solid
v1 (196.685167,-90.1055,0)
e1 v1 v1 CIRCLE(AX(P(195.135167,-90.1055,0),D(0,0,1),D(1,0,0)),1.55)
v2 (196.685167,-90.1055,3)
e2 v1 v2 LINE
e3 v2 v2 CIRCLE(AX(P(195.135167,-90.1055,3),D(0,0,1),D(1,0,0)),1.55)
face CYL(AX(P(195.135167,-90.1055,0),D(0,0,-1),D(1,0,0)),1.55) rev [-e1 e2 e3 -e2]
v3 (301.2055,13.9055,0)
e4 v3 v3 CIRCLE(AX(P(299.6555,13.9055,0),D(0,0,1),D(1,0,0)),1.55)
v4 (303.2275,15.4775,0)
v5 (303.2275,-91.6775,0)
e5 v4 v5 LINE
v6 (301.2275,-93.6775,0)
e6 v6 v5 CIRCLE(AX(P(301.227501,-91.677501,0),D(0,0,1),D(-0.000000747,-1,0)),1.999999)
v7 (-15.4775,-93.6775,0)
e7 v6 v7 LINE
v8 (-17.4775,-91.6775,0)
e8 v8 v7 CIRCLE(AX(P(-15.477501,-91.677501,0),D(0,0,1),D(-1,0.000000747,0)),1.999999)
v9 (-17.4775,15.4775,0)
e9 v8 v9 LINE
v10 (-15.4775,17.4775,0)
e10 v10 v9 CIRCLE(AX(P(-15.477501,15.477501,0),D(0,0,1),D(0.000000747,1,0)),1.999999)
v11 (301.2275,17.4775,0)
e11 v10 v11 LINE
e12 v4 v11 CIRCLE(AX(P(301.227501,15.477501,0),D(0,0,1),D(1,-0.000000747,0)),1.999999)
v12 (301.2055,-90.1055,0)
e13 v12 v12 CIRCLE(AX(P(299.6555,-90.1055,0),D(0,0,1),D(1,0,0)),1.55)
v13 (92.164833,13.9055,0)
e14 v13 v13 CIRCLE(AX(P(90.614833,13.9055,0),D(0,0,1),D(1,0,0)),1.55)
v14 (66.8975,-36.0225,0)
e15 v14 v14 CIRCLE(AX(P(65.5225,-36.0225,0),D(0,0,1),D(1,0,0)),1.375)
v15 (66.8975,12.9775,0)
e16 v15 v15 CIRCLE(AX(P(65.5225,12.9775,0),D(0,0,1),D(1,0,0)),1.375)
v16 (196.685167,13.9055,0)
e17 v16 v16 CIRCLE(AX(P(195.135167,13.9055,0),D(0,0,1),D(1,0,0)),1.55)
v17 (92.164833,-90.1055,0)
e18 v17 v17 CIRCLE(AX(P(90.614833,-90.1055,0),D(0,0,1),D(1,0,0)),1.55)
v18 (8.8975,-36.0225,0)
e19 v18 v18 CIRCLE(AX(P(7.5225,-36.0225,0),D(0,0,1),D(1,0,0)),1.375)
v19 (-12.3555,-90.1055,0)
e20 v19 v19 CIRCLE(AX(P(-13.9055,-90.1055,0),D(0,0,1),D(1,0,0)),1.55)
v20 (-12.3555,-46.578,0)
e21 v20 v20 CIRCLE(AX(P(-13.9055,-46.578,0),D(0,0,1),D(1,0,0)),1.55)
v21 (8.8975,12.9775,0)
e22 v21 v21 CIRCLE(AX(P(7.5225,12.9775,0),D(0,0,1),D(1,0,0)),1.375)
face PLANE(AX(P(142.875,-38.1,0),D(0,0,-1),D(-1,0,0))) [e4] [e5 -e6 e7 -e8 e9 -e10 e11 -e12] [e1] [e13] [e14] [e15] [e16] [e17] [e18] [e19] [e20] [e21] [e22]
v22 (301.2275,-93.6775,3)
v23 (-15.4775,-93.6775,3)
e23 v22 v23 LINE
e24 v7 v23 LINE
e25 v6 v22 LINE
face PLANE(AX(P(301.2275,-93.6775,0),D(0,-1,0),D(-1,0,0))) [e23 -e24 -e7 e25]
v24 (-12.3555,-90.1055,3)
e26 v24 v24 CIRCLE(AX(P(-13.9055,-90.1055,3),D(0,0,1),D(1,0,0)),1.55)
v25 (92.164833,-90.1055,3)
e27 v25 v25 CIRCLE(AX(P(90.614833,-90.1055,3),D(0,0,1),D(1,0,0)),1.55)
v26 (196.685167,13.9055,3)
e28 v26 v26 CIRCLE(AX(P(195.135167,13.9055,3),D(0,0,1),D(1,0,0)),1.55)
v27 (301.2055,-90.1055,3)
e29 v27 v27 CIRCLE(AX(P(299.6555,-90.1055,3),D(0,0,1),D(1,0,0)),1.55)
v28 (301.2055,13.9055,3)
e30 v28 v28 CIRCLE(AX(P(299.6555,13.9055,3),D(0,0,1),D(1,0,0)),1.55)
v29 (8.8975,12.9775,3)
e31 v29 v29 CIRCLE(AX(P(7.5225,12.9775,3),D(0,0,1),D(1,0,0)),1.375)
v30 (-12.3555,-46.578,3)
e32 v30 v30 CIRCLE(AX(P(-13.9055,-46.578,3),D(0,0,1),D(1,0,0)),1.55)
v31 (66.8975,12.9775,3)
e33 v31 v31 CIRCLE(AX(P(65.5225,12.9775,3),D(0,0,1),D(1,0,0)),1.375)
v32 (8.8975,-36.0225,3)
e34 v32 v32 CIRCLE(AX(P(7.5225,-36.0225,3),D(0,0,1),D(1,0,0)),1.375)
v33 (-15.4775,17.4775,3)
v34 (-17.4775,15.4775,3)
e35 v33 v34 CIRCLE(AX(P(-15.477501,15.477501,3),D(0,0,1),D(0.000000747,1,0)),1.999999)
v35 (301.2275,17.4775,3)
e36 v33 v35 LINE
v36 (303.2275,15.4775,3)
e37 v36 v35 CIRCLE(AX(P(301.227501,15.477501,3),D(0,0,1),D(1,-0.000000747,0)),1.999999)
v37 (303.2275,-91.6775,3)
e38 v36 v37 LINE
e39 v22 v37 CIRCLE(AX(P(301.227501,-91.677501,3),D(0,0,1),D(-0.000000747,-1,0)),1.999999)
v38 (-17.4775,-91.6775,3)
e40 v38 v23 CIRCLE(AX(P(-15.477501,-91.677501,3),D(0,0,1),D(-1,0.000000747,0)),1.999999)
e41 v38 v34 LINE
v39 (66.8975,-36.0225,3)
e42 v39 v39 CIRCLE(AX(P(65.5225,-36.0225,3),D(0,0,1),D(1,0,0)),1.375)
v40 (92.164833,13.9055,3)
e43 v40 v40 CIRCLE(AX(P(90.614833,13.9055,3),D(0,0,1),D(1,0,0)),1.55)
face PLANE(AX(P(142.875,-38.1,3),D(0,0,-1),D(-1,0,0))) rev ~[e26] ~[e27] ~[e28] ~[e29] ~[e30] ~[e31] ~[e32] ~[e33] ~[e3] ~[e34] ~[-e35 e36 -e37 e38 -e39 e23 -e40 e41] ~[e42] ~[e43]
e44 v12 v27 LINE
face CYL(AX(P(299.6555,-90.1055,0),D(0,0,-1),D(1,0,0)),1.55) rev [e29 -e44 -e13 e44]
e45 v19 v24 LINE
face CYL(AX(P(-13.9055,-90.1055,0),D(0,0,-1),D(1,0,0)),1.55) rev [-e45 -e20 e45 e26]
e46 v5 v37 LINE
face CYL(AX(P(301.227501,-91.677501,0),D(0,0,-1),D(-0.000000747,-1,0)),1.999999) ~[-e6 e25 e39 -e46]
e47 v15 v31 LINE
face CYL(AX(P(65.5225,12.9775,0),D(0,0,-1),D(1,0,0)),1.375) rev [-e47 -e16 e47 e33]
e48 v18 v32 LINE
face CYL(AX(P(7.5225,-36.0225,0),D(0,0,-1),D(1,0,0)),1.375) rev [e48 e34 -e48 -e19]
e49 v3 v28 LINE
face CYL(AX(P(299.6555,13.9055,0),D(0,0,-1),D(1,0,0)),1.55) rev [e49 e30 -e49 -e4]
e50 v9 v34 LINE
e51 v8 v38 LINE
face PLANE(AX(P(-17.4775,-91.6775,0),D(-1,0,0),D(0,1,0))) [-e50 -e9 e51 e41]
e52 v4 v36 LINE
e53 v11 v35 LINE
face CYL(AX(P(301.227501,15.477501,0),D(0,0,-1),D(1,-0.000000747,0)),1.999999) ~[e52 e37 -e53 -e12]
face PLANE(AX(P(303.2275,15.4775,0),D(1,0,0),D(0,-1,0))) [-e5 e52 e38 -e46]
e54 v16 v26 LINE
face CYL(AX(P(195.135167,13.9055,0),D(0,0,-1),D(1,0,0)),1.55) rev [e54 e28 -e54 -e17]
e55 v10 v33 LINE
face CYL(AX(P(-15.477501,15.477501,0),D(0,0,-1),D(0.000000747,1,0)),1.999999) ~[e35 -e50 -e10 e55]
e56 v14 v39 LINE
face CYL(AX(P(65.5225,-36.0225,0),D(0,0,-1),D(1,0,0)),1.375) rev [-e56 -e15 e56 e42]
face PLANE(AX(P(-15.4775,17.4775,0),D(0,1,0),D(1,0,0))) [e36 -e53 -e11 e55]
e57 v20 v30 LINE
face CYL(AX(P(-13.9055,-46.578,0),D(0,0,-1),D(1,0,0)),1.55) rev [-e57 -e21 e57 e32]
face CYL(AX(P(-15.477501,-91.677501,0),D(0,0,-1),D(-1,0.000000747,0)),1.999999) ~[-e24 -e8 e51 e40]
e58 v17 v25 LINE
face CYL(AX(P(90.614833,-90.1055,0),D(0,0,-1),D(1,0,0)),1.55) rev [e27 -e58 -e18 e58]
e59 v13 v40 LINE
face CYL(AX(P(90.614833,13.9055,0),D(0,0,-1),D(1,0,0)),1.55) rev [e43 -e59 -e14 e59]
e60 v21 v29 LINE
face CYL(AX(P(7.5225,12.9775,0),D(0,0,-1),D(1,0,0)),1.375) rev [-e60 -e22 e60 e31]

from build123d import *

# Parameters (mm, degrees)
SKETCH001_R   = 1.55
SKETCH001_R_2 = 1.375
PAD_DEPTH     = 3


with BuildPart() as part:
    # Sketch001 → Pad (new body)
    with BuildSketch(Plane.XY):
        with BuildLine():
            Line((-15.4775, 17.4775), (301.2275, 17.4775))
            ThreePointArc((303.2275, 15.4775), (302.641714, 16.891714), (301.2275, 17.4775))
            Line((303.2275, 15.4775), (303.2275, -91.6775))
            ThreePointArc((301.2275, -93.6775), (302.641714, -93.091714), (303.2275, -91.6775))
            Line((301.2275, -93.6775), (-15.4775, -93.6775))
            ThreePointArc((-17.4775, -91.6775), (-16.891714, -93.091714), (-15.4775, -93.6775))
            Line((-17.4775, -91.6775), (-17.4775, 15.4775))
            ThreePointArc((-15.4775, 17.4775), (-16.891714, 16.891714), (-17.4775, 15.4775))
        make_face()
        with Locations((-13.9055, -90.1055)):
            Circle(SKETCH001_R, mode=Mode.SUBTRACT)
        with Locations((195.135167, -90.1055)):
            Circle(SKETCH001_R, mode=Mode.SUBTRACT)
        with Locations((299.6555, -90.1055)):
            Circle(SKETCH001_R, mode=Mode.SUBTRACT)
        with Locations((90.614833, -90.1055)):
            Circle(SKETCH001_R, mode=Mode.SUBTRACT)
        with Locations((90.614833, 13.9055)):
            Circle(SKETCH001_R, mode=Mode.SUBTRACT)
        with Locations((195.135167, 13.9055)):
            Circle(SKETCH001_R, mode=Mode.SUBTRACT)
        with Locations((299.6555, 13.9055)):
            Circle(SKETCH001_R, mode=Mode.SUBTRACT)
        with Locations((7.5225, 12.9775)):
            Circle(SKETCH001_R_2, mode=Mode.SUBTRACT)
        with Locations((65.5225, 12.9775)):
            Circle(SKETCH001_R_2, mode=Mode.SUBTRACT)
        with Locations((7.5225, -36.0225)):
            Circle(SKETCH001_R_2, mode=Mode.SUBTRACT)
        with Locations((65.5225, -36.0225)):
            Circle(SKETCH001_R_2, mode=Mode.SUBTRACT)
        with Locations((-13.9055, -46.578)):
            Circle(SKETCH001_R, mode=Mode.SUBTRACT)
    extrude(amount=PAD_DEPTH)


solid = part.part
